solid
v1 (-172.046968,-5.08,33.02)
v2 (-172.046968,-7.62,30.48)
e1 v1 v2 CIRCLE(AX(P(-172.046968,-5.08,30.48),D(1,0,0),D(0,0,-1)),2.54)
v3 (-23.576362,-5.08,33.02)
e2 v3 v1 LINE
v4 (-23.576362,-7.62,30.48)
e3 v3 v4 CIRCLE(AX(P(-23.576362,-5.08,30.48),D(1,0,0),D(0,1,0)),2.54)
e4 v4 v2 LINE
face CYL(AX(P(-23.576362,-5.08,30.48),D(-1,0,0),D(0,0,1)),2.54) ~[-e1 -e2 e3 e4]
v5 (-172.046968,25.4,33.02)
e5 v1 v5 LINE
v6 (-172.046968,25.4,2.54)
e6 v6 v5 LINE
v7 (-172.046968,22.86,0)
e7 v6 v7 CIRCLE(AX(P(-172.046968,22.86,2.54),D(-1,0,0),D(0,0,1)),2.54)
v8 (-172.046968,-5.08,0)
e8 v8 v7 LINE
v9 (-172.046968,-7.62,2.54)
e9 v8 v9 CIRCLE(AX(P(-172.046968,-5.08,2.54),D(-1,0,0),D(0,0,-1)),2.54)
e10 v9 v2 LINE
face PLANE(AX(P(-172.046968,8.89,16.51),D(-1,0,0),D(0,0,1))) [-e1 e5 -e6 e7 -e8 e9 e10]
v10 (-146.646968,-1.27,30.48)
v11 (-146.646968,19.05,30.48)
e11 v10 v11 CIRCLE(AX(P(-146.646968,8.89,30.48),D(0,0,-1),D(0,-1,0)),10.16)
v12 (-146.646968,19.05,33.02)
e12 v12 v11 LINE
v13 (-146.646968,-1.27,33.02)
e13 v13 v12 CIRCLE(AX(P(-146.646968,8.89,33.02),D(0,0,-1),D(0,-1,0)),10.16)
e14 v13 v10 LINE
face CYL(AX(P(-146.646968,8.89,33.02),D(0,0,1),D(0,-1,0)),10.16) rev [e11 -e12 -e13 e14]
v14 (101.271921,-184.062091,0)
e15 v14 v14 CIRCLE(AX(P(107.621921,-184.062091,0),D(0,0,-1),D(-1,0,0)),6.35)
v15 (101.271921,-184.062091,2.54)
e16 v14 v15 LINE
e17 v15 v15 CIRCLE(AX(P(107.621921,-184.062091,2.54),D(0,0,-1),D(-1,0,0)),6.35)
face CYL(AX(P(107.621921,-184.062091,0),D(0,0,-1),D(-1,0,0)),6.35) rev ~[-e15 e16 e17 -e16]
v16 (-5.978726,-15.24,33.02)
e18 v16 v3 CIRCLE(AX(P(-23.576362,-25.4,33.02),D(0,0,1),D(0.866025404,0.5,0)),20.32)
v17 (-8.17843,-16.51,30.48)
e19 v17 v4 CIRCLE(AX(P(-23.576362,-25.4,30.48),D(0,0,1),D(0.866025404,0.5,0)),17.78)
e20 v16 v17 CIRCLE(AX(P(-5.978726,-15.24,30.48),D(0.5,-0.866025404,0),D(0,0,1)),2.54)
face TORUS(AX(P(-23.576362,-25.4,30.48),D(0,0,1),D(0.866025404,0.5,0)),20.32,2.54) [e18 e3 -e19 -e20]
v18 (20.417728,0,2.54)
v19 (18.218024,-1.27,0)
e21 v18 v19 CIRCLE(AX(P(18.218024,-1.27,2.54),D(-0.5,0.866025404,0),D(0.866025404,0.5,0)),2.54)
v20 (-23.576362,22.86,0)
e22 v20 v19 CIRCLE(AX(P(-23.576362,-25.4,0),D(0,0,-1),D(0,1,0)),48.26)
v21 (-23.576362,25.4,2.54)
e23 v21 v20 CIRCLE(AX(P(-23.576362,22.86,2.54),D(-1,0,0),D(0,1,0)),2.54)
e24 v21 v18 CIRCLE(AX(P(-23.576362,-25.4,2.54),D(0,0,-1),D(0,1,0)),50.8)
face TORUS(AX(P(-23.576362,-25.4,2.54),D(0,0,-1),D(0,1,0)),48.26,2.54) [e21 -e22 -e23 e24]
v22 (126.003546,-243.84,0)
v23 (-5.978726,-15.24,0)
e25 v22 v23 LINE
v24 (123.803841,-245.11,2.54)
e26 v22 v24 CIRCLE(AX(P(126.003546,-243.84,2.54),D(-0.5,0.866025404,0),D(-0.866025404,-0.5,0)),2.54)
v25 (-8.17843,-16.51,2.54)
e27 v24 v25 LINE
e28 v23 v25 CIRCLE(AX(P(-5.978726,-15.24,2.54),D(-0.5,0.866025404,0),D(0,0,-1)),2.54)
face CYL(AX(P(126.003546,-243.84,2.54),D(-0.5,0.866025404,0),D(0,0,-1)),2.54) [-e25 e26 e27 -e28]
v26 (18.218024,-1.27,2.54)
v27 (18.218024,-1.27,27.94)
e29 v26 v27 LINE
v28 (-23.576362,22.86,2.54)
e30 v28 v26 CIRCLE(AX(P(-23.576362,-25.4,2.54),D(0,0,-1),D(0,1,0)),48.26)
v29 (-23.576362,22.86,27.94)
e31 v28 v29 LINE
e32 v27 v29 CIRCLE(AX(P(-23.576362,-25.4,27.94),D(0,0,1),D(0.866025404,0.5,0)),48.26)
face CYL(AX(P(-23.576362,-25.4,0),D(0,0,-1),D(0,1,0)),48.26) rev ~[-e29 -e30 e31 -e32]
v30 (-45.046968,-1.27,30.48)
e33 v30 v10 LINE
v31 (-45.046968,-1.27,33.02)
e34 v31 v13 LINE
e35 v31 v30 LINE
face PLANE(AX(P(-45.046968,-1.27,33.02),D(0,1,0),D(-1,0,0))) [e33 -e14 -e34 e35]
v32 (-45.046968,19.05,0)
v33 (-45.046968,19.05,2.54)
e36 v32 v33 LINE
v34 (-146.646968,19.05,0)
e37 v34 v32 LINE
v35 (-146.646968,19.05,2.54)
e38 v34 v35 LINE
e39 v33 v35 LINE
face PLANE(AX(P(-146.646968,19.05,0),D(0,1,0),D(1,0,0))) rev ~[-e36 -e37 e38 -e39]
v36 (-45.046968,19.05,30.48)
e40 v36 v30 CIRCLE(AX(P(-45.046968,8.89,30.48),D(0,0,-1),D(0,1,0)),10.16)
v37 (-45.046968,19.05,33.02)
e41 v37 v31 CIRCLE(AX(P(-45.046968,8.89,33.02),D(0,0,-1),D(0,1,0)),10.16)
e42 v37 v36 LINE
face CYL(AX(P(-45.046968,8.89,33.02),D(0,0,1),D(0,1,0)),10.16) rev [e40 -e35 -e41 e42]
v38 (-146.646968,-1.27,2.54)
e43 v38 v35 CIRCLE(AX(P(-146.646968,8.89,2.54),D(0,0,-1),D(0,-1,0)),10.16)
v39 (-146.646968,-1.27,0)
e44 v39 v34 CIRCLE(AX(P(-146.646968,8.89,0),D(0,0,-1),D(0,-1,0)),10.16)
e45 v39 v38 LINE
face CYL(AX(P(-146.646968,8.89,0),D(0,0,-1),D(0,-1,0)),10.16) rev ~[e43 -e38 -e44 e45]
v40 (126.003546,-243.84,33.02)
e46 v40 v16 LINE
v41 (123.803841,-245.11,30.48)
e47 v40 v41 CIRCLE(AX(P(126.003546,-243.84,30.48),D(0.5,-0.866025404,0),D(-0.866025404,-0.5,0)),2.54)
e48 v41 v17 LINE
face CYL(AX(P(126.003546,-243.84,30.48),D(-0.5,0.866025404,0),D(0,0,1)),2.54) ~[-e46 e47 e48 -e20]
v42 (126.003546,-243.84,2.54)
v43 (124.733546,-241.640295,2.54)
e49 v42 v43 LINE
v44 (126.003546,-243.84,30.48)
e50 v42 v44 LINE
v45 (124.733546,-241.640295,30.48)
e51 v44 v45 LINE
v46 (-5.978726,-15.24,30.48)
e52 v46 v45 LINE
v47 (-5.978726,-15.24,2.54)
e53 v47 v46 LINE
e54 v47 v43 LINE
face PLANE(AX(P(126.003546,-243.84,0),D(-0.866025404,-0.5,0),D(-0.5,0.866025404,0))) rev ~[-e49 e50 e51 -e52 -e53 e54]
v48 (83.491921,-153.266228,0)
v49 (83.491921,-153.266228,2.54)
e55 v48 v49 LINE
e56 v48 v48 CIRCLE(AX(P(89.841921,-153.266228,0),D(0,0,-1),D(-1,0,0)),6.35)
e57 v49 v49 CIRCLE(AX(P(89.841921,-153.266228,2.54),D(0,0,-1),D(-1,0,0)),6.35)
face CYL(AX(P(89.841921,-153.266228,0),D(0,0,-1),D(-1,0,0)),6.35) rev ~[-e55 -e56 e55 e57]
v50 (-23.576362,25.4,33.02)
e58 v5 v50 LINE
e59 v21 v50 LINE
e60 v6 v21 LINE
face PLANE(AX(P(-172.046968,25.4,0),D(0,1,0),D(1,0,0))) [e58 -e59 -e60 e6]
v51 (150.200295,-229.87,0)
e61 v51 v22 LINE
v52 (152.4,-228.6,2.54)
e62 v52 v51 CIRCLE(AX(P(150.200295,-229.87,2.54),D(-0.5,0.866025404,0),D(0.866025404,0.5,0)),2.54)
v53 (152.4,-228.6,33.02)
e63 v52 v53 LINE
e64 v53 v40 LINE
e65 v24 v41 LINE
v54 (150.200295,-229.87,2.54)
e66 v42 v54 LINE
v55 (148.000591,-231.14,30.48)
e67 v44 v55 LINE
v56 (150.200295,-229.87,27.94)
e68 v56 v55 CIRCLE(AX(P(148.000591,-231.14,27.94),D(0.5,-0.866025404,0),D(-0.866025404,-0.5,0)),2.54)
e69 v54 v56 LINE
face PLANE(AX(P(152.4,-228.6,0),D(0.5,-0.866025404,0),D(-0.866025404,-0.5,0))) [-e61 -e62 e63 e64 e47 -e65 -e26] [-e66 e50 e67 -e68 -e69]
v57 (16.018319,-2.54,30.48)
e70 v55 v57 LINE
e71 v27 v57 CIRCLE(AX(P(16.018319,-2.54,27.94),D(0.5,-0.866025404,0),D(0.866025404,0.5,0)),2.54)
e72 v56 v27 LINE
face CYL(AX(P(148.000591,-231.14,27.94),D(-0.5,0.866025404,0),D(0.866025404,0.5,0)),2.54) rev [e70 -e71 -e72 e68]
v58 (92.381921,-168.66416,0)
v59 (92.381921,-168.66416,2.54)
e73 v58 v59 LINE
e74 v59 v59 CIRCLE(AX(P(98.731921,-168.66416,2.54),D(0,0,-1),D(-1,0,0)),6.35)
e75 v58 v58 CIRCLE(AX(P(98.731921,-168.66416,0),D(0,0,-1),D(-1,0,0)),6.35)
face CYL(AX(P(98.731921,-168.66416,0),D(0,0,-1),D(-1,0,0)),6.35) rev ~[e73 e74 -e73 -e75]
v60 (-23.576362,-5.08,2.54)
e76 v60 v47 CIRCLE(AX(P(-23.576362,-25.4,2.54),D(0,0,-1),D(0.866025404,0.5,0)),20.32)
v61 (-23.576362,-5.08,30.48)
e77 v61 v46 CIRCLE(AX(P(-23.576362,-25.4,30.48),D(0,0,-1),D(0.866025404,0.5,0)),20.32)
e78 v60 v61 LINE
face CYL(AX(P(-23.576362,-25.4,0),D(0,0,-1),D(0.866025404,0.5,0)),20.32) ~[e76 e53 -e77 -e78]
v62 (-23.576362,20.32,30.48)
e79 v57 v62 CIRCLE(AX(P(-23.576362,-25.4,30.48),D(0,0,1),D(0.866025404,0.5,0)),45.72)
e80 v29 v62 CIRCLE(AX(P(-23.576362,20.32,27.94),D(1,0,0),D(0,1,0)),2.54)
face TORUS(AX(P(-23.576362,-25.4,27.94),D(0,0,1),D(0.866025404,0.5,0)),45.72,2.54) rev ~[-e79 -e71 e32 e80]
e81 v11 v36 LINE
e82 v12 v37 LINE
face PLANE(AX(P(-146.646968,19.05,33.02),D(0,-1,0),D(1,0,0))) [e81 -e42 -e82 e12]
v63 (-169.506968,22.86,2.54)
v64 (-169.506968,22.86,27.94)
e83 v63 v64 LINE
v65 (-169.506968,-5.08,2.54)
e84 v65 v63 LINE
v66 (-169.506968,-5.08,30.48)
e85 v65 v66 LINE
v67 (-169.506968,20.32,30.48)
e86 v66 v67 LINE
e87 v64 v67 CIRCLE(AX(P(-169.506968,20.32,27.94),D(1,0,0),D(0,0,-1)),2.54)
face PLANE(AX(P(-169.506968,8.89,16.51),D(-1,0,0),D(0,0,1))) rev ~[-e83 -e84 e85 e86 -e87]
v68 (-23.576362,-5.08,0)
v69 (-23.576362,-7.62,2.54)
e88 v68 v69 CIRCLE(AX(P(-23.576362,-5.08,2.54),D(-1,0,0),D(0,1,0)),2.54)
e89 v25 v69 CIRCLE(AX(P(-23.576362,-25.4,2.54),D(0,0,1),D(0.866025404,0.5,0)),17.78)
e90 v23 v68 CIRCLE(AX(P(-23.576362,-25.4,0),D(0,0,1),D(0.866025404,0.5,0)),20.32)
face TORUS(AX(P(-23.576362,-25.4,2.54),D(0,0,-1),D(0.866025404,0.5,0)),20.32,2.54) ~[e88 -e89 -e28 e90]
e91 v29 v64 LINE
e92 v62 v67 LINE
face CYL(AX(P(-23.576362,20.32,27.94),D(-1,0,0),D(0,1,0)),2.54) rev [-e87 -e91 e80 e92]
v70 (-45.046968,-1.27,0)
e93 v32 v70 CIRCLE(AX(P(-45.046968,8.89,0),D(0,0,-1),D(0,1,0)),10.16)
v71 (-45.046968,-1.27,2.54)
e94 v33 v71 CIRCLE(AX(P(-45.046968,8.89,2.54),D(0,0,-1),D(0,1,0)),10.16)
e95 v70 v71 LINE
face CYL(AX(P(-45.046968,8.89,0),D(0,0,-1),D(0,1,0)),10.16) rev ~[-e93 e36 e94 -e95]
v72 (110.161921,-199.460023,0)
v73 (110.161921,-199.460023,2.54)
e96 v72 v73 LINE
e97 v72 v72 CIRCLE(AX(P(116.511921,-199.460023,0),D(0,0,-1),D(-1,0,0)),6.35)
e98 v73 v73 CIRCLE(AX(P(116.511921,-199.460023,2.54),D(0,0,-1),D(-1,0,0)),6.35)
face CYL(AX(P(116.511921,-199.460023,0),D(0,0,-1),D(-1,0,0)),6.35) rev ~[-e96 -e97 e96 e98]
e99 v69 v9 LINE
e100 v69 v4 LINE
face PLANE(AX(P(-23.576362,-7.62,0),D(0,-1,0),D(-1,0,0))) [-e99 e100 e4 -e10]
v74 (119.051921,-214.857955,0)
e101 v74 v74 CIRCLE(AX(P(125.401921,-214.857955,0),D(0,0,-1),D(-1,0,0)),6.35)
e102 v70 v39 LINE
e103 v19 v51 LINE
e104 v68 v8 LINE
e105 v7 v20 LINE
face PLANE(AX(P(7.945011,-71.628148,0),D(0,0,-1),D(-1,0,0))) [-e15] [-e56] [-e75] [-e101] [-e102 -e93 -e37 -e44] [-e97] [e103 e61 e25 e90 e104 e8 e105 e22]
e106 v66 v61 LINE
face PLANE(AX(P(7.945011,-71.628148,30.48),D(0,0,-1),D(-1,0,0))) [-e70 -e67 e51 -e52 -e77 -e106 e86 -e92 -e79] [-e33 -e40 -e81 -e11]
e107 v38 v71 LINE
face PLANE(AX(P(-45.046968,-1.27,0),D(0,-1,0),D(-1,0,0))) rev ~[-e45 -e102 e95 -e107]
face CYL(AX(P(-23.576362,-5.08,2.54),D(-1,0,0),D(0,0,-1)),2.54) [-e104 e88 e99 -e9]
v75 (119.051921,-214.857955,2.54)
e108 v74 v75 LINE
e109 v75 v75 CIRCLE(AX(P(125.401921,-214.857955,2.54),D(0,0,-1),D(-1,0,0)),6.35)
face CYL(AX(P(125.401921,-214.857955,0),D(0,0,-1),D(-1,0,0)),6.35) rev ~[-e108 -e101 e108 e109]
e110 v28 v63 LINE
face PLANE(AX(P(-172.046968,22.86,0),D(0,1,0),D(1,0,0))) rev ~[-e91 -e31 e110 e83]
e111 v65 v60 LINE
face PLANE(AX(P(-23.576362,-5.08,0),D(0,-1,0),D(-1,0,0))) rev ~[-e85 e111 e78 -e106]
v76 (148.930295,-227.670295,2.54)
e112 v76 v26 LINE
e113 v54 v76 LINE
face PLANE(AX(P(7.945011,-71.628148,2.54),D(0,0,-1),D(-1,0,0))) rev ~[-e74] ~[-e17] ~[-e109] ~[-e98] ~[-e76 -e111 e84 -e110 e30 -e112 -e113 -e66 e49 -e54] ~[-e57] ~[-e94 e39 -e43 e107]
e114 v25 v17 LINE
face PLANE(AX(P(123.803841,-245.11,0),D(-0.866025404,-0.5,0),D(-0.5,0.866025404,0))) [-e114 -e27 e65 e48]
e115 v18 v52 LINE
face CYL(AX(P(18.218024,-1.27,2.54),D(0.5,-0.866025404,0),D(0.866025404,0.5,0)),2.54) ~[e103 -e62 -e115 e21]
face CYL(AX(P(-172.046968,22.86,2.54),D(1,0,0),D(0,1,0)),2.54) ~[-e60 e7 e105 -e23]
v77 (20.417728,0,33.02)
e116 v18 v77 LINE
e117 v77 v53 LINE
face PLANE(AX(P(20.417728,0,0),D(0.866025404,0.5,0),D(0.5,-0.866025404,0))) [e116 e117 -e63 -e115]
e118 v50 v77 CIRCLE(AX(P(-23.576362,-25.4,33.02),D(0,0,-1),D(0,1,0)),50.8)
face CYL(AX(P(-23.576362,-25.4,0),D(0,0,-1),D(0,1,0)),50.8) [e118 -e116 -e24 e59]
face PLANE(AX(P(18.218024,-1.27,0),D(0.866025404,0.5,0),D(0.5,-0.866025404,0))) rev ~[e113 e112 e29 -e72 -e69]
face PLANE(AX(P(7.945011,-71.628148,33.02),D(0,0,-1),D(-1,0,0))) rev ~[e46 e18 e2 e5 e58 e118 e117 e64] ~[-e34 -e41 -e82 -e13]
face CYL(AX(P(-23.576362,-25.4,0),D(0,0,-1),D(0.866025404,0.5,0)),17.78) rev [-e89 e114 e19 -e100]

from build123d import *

# Parameters (mm, degrees)
BOSS_EXTRUDE1_DEPTH = 33.02
SHELL1_T            = -2.54
CUT_EXTRUDE1_REACH  = 409.111
SKETCH2_W           = 27.94
SKETCH2_H           = 27.94
CUT_EXTRUDE2_DEPTH  = 2.54
CUT_EXTRUDE3_REACH  = 303.28
CUT_EXTRUDE4_REACH  = 303.28
SKETCH6_R           = 6.35
CUT_EXTRUDE5_REACH  = 303.28
SKETCH7_R           = 6.35
SKETCH8_W           = 27.94
SKETCH8_H           = 27.94
BOSS_EXTRUDE2_DEPTH = 2.54
FILLET1_R           = 2.54


with BuildPart() as part:
    # Sketch1 → Boss-Extrude1 (new body)
    with BuildSketch(Plane.XY):
        with BuildLine():
            Line((-172.046968374, 25.4), (-23.576362049, 25.4))
            ThreePointArc((-23.576362049, 25.4), (1.823637951, 18.594090512), (20.417728463, 0))
            Line((20.417728463, 0), (152.4, -228.6))
            Line((152.4, -228.6), (123.803841167, -245.11))
            Line((123.803841167, -245.11), (-8.17843037, -16.51))
            ThreePointArc((-8.17843037, -16.51), (-14.686362049, -10.002068321), (-23.576362049, -7.62))
            Line((-23.576362049, -7.62), (-172.046968374, -7.62))
            Line((-172.046968374, -7.62), (-172.046968374, 25.4))
        make_face()
    extrude(amount=BOSS_EXTRUDE1_DEPTH)

    # Shell1
    shell1_openings = [part.faces().sort_by_distance(p)[0] for p in [
        (-172.046968374, 8.89, 16.51),
    ]]
    offset(amount=SHELL1_T, openings=shell1_openings, kind=Kind.INTERSECTION)

    # Sketch2 → Cut-Extrude1 (cut, up to next)
    with BuildSketch(Plane(origin=(137.086703653, -237.441135768, 0), x_dir=(0.8660254037844406, 0.4999999999999967, 0), z_dir=(0.4999999999999967, -0.8660254037844406, 0)), mode=Mode.PRIVATE) as cut_extrude1_sk1:
        with Locations((1.172271537, 16.51)):
            Rectangle(SKETCH2_W, SKETCH2_H)
    cut_extrude1_tool1 = extrude(cut_extrude1_sk1.sketch, amount=-CUT_EXTRUDE1_REACH, mode=Mode.PRIVATE) & part.part
    add(cut_extrude1_tool1.solids().sort_by_distance((138.101921, -236.855, 16.51))[0], mode=Mode.SUBTRACT)

    # Sketch3 → Cut-Extrude2 (cut)
    with BuildSketch(Plane.XY.offset(33.02)):
        with BuildLine():
            Line((-146.646968374, 19.05), (-45.046968374, 19.05))
            ThreePointArc((-45.046968374, 19.05), (-34.886968374, 8.89), (-45.046968374, -1.27))
            Line((-45.046968374, -1.27), (-50.126968374, -1.27))
            Line((-50.126968374, -1.27), (-146.646968374, -1.27))
            ThreePointArc((-146.646968374, -1.27), (-156.806968374, 8.89), (-146.646968374, 19.05))
        make_face()
    extrude(amount=-CUT_EXTRUDE2_DEPTH, mode=Mode.SUBTRACT)

    # Sketch4 → Cut-Extrude3 (cut, up to next)
    with BuildSketch(Plane(origin=(0, 0, 0), x_dir=(-1, 0, 0), z_dir=(0, 0, -1)), mode=Mode.PRIVATE) as cut_extrude3_sk1:
        with BuildLine():
            Line((45.046968374, -1.27), (146.646968374, -1.27))
            ThreePointArc((146.646968374, -1.27), (156.806968374, 8.89), (146.646968374, 19.05))
            Line((146.646968374, 19.05), (45.046968374, 19.05))
            ThreePointArc((45.046968374, 19.05), (34.886968374, 8.89), (45.046968374, -1.27))
        make_face()
    cut_extrude3_tool1 = extrude(cut_extrude3_sk1.sketch, amount=-CUT_EXTRUDE3_REACH, mode=Mode.PRIVATE) & part.part
    add(cut_extrude3_tool1.solids().sort_by_distance((-95.846968, 8.89, 0))[0], mode=Mode.SUBTRACT)

    # Sketch6 → Cut-Extrude4 (cut, up to next)
    with BuildSketch(Plane(origin=(0, 0, 0), x_dir=(-1, 0, 0), z_dir=(0, 0, -1)), mode=Mode.PRIVATE) as cut_extrude4_sk1:
        with Locations((-116.511920584, -199.460023065)):
            Circle(SKETCH6_R)
    cut_extrude4_tool1 = extrude(cut_extrude4_sk1.sketch, amount=-CUT_EXTRUDE4_REACH, mode=Mode.PRIVATE) & part.part
    # Sketch6 → Cut-Extrude4 (cut, up to next)
    with BuildSketch(Plane(origin=(0, 0, 0), x_dir=(-1, 0, 0), z_dir=(0, 0, -1)), mode=Mode.PRIVATE) as cut_extrude4_sk2:
        with Locations((-107.621920584, -184.062091385)):
            Circle(SKETCH6_R)
    cut_extrude4_tool2 = extrude(cut_extrude4_sk2.sketch, amount=-CUT_EXTRUDE4_REACH, mode=Mode.PRIVATE) & part.part
    # Sketch6 → Cut-Extrude4 (cut, up to next)
    with BuildSketch(Plane(origin=(0, 0, 0), x_dir=(-1, 0, 0), z_dir=(0, 0, -1)), mode=Mode.PRIVATE) as cut_extrude4_sk3:
        with Locations((-98.731920584, -168.664159706)):
            Circle(SKETCH6_R)
    cut_extrude4_tool3 = extrude(cut_extrude4_sk3.sketch, amount=-CUT_EXTRUDE4_REACH, mode=Mode.PRIVATE) & part.part
    # Sketch6 → Cut-Extrude4 (cut, up to next)
    with BuildSketch(Plane(origin=(0, 0, 0), x_dir=(-1, 0, 0), z_dir=(0, 0, -1)), mode=Mode.PRIVATE) as cut_extrude4_sk4:
        with Locations((-89.841920584, -153.266228027)):
            Circle(SKETCH6_R)
    cut_extrude4_tool4 = extrude(cut_extrude4_sk4.sketch, amount=-CUT_EXTRUDE4_REACH, mode=Mode.PRIVATE) & part.part
    add(cut_extrude4_tool1.solids().sort_by_distance((116.511921, -199.460023, 0))[0], mode=Mode.SUBTRACT)
    add(cut_extrude4_tool2.solids().sort_by_distance((107.621921, -184.062091, 0))[0], mode=Mode.SUBTRACT)
    add(cut_extrude4_tool3.solids().sort_by_distance((98.731921, -168.66416, 0))[0], mode=Mode.SUBTRACT)
    add(cut_extrude4_tool4.solids().sort_by_distance((89.841921, -153.266228, 0))[0], mode=Mode.SUBTRACT)

    # Sketch7 → Cut-Extrude5 (cut, up to next)
    with BuildSketch(Plane(origin=(0, 0, 0), x_dir=(-1, 0, 0), z_dir=(0, 0, -1)), mode=Mode.PRIVATE) as cut_extrude5_sk1:
        with Locations((-125.401920584, -214.857954744)):
            Circle(SKETCH7_R)
    cut_extrude5_tool1 = extrude(cut_extrude5_sk1.sketch, amount=-CUT_EXTRUDE5_REACH, mode=Mode.PRIVATE) & part.part
    add(cut_extrude5_tool1.solids().sort_by_distance((125.401921, -214.857955, 0))[0], mode=Mode.SUBTRACT)

    # Sketch8 → Boss-Extrude2 (add)
    with BuildSketch(Plane.ZY.offset(172.046968374)):
        with Locations((16.51, 8.89)):
            Rectangle(SKETCH8_W, SKETCH8_H)
    extrude(amount=-BOSS_EXTRUDE2_DEPTH)

    # Fillet1
    fillet1_edges = [part.edges().sort_by_distance(p)[0] for p in [
        (57.812705399, -130.81, 0),
        (-14.686362049, -10.002068321, 0),
        (-97.811665212, -7.62, 0),
        (-14.686362049, -10.002068321, 33.02),
        (57.812705399, -130.81, 33.02),
        (84.209159706, -115.57, 30.48),
        (0.553637951, 16.394385987, 30.48),
        (-96.541665212, 22.86, 30.48),
        (-97.811665212, 25.4, 0),
        (-97.811665212, -7.62, 33.02),
        (1.823637951, 18.594090512, 0),
        (86.408864232, -114.3, 0),
    ]]
    fillet(fillet1_edges, radius=FILLET1_R)


solid = part.part
